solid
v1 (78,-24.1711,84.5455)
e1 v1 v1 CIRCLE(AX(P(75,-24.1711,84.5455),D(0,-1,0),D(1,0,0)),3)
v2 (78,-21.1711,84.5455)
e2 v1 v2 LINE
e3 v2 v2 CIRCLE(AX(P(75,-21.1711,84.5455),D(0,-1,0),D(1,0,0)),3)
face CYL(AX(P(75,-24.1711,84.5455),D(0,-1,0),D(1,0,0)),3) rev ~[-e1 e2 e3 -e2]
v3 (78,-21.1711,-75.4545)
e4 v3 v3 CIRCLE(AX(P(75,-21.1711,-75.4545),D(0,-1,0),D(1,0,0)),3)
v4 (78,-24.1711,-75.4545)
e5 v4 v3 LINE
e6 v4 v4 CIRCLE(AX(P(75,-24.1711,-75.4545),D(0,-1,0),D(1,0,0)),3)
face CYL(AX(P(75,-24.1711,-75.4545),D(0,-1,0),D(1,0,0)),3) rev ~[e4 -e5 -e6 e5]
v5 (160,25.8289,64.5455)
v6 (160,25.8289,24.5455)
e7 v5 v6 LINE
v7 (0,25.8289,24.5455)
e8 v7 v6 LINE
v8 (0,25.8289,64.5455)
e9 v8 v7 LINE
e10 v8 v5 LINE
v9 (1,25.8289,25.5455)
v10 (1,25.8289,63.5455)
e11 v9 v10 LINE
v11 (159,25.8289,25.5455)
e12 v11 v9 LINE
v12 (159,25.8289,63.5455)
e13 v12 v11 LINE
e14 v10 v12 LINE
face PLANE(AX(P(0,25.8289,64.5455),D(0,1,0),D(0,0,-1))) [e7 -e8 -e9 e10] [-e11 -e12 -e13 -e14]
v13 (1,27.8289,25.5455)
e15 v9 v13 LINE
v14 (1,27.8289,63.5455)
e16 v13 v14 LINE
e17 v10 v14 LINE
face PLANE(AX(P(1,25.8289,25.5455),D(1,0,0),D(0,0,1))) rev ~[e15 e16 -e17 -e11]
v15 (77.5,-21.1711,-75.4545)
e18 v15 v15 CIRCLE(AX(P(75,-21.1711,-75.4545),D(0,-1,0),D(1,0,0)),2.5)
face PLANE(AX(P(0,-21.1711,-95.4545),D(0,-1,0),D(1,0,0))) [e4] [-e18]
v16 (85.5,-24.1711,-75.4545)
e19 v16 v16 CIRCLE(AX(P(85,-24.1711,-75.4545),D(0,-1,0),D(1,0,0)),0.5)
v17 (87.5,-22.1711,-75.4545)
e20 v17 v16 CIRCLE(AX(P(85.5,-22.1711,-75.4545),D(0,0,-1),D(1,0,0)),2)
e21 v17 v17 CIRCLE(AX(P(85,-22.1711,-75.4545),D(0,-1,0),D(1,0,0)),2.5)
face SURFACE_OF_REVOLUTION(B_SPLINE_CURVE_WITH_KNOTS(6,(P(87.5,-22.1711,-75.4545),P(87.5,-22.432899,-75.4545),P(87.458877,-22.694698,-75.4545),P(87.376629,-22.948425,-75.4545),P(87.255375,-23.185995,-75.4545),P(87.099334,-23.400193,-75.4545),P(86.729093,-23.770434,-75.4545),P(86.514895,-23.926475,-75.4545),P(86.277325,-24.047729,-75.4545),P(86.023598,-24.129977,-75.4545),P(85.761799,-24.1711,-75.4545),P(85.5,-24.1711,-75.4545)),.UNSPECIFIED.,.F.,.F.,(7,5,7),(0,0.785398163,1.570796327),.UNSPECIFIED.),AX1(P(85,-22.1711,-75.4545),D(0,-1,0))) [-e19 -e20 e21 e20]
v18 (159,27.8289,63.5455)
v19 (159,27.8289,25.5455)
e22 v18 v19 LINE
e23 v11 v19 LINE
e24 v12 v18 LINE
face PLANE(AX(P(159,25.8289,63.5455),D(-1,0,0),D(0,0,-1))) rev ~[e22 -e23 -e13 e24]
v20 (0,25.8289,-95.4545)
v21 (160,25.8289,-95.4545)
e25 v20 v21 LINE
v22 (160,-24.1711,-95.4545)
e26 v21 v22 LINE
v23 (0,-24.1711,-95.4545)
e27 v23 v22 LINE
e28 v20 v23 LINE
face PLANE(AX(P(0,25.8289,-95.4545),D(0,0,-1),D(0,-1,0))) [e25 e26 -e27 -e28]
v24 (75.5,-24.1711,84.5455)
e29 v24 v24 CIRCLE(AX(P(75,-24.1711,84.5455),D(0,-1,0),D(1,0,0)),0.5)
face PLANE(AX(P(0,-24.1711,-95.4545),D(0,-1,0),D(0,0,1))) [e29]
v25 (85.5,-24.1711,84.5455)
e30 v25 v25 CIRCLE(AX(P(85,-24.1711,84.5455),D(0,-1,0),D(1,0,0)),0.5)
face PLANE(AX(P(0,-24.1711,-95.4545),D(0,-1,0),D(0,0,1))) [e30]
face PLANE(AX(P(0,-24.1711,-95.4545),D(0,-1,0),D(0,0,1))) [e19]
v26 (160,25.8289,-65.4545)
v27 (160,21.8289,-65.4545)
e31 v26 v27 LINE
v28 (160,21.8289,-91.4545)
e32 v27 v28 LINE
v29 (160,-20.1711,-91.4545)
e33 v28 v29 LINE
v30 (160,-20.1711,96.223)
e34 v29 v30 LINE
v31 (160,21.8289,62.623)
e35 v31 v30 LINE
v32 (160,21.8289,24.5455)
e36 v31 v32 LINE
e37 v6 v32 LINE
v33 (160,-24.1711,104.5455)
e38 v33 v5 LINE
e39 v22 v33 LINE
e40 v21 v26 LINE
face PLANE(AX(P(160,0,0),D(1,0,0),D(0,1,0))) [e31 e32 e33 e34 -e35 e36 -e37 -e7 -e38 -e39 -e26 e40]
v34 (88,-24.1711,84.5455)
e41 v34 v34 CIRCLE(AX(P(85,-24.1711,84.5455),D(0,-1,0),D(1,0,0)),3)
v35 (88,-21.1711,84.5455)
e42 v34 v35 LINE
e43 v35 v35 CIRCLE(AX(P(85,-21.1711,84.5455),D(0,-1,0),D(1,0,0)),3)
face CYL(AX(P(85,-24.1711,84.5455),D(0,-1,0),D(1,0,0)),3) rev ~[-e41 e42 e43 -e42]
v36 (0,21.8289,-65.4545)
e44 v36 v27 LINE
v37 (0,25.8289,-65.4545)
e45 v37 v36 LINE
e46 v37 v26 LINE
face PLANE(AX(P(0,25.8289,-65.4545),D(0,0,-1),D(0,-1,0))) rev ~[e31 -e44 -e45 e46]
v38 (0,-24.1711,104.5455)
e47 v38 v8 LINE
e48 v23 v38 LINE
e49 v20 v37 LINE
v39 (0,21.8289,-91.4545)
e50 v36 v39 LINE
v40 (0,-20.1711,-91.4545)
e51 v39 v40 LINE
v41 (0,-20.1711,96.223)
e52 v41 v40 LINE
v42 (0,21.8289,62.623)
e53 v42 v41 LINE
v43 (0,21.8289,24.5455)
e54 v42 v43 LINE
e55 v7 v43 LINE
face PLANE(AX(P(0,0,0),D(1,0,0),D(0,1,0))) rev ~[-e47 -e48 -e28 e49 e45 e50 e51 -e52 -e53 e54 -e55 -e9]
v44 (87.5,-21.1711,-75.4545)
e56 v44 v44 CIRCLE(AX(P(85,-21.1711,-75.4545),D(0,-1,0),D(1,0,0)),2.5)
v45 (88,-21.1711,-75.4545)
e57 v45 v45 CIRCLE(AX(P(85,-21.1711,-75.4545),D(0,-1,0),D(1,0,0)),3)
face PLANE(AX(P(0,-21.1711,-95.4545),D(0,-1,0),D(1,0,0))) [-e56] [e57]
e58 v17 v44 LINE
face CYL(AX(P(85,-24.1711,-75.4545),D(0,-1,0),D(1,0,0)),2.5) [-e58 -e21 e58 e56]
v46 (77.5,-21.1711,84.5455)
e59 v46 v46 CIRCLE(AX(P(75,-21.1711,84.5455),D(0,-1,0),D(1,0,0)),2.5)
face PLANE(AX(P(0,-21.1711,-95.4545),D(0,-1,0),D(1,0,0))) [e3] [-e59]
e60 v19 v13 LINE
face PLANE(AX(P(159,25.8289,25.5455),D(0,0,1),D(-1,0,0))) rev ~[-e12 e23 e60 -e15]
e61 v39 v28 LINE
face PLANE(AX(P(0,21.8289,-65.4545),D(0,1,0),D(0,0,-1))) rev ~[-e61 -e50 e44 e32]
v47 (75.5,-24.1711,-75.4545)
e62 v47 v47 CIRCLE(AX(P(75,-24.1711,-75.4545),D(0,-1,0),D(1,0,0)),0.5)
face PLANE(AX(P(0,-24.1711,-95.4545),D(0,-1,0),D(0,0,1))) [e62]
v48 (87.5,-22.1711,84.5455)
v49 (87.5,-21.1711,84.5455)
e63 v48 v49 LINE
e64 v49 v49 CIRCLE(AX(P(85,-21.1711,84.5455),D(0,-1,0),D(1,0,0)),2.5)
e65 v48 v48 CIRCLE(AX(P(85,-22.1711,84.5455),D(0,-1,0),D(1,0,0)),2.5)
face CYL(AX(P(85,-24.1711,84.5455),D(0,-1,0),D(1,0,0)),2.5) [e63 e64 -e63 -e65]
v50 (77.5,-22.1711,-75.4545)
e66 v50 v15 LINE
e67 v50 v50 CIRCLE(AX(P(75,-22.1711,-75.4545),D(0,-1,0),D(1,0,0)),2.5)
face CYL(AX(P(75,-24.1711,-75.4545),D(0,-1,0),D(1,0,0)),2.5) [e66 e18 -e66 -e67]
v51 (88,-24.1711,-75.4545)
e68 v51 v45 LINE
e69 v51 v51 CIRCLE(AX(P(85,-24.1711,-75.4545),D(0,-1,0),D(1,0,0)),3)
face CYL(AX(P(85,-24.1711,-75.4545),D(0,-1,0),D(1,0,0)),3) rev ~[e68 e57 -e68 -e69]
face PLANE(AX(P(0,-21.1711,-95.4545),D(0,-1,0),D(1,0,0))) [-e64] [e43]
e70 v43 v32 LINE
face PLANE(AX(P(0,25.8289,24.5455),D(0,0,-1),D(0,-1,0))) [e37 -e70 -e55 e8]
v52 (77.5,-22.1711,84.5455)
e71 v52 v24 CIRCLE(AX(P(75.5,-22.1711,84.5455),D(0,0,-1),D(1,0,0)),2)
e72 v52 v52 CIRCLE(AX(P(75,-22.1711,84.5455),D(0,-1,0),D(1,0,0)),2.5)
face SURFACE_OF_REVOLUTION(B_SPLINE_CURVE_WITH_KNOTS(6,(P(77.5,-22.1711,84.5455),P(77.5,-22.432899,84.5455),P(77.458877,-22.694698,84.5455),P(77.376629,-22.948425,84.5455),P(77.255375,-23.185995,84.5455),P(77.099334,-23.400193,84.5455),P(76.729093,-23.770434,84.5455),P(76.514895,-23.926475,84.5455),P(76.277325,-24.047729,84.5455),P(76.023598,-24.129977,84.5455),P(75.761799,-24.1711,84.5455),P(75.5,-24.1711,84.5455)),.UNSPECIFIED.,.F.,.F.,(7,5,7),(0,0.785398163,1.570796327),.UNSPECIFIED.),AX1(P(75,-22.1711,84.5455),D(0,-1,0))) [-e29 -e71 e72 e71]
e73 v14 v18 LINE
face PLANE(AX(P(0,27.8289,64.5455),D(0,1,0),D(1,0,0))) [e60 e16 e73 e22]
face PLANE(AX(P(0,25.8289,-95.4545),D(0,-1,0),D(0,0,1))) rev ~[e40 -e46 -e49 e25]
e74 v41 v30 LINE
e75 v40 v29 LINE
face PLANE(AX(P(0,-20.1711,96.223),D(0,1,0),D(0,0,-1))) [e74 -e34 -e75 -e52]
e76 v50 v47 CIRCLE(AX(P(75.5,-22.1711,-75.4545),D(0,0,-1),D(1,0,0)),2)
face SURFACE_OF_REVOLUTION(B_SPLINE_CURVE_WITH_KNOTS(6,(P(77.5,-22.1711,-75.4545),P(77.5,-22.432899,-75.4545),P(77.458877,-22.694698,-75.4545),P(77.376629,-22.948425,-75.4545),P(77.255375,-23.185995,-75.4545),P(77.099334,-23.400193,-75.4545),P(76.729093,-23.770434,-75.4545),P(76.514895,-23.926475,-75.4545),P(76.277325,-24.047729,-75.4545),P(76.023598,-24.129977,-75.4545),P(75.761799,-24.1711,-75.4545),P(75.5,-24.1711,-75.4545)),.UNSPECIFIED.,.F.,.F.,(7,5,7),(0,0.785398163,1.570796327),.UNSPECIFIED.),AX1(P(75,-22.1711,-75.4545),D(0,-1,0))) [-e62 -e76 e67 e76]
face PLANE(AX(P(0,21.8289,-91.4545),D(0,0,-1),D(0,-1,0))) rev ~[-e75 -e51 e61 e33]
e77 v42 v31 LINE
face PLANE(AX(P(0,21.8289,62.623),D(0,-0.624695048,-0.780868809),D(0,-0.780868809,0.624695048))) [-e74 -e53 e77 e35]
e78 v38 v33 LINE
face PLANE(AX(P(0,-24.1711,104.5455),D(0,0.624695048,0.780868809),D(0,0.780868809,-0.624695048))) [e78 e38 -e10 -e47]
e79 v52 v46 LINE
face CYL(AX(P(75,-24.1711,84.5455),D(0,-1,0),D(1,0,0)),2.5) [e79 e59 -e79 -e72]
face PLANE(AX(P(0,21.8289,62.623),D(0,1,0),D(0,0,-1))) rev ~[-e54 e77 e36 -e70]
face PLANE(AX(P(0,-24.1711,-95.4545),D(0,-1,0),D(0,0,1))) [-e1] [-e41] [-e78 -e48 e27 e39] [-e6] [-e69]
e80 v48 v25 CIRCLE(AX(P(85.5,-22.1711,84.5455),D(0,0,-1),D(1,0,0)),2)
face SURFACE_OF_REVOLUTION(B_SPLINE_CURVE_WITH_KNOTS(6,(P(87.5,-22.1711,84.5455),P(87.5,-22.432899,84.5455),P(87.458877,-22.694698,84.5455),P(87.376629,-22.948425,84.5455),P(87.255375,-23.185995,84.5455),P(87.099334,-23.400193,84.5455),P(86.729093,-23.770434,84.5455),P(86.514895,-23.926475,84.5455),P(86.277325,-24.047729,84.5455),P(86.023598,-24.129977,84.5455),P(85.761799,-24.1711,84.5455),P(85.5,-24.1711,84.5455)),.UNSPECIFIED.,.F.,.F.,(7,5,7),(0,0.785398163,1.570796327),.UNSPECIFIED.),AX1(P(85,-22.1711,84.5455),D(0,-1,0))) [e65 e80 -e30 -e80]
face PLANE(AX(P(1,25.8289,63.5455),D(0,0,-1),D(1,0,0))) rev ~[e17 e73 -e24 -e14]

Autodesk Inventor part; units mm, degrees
ref_plane "YZ Plane" through (0, 0, 0) normal (1, 0, 0) x (0, 1, 0)
ref_plane "XZ Plane" through (0, 0, 0) normal (0, 1, 0) x (-1, 0, 0)
ref_plane "XY Plane" through (0, 0, 0) normal (0, 0, 1) x (1, 0, 0)
sketch "Sketch1" plane through (0, 0, 0) normal (1, 0, 0) x (0, 1, 0)
  point P0 (0, 0)
sketch "Sketch2" plane through (0, 0, 0) normal (1, 0, 0) x (0, 1, 0)
  line L0 (25.8289, -95.4545) -> (-24.1711, -95.4545)
  line L1 (-24.1711, -95.4545) -> (-24.1711, 104.5455)
  line L2 (-24.1711, 104.5455) -> (25.8289, 64.5455)
  line L3 (25.8289, 64.5455) -> (25.8289, 24.5455)
  line L4 (25.8289, -95.4545) -> (25.8289, -65.4545)
  line L5 (21.8289, -91.4545) -> (-20.1711, -91.4545)
  line L6 (-20.1711, -91.4545) -> (-20.1711, 24.5455)
  line L7 (21.8289, 62.623) -> (-20.1711, 96.223)
  line L8 (-20.1711, 96.223) -> (-20.1711, 24.5455)
  line L9 (25.8289, 24.5455) -> (21.8289, 24.5455)
  line L10 (25.8289, -65.4545) -> (21.8289, -65.4545)
  line L11 (21.8289, 62.623) -> (21.8289, 24.5455)
  line L12 (21.8289, -65.4545) -> (21.8289, -91.4545)
  point P0 (0, 0)
  dimension "d3" = 200
  dimension "d4" = 40
  dimension "d5" = 50
  dimension "d6" = 30
  dimension "d7" = 40
  dimension "d9" = 51.34
  dimension "d10" = 4
  dimension "d12" = 4
  dimension "d14" = 4
  dimension "d15" = 4
  dimension "d16" = 4
  dimension "d17" = 4
  dimension "d18" = 4
extrude "Extrusion1" add sketch "Sketch2" along normal blind 160
sketch "Sketch3" plane through (0, 25.8289, 64.5455) normal (0, 1, 0) x (1, 0, 0)
  line L0 (1, 1) -> (159, 1)
  line L1 (159, 1) -> (159, 39)
  line L2 (159, 39) -> (1, 39)
  line L3 (1, 39) -> (1, 1)
  line L4 (0, 40) -> (0, 0) projected
  line L5 (0, 40) -> (160, 40) projected
  line L6 (0, 0) -> (160, 0) projected
  line L7 (160, 40) -> (160, 0) projected
  point P0 (0, 64.5455)
  dimension "d21" = 1
  dimension "d22" = 1
  dimension "d23" = 1
  dimension "d24" = 1
extrude "Extrusion2" add sketch "Sketch3" along normal blind 2 contours L3 L2 L1 L0
sketch "Sketch5" plane through (0, 0, 0) normal (-1, 0, 0) x (0, 0, 1)
  point P0 (0, 0)
sketch "Sketch6" plane through (0, -24.1711, -95.4545) normal (0, -1, 0) x (1, 0, 0)
  circle A0 centre (75, 180) radius 2.5
  circle A1 centre (75, 180) radius 3
  line L0 (0, 200) -> (160, 200) projected
  line L1 (0, 200) -> (0, 0) projected
  circle A2 centre (85, 180) radius 2.5
  circle A3 centre (85, 180) radius 3
  circle A4 centre (85, 20) radius 2.5
  circle A5 centre (85, 20) radius 3
  circle A6 centre (75, 20) radius 2.5
  circle A7 centre (75, 20) radius 3
  line L2 (160, 200) -> (160, 0) projected
  line L3 (0, 0) -> (160, 0) projected
  point P0 (0, 95.4545)
  dimension "d33" = 5
  dimension "d34" = 6
  dimension "d35" = 20
  dimension "d36" = 75
  dimension "d37" = 5
  dimension "d38" = 6
  dimension "d39" = 5
  dimension "d40" = 6
  dimension "d41" = 5
  dimension "d42" = 6
  dimension "d43" = 75
  dimension "d44" = 20
  dimension "d45" = 20
  dimension "d46" = 20
  dimension "d47" = 75
  dimension "d48" = 75
extrude "Extrusion4" cut sketch "Sketch6" against normal blind 3 contours A1 | A3 | A5 | A7
fillet "Fillet1" radius 2 4 edges at (72.5, -24.1711, -75.4545) (82.5, -24.1711, -75.4545) (72.5, -24.1711, 84.5455) (82.5, -24.1711, 84.5455)
properties part number "Bottom Plastic"
